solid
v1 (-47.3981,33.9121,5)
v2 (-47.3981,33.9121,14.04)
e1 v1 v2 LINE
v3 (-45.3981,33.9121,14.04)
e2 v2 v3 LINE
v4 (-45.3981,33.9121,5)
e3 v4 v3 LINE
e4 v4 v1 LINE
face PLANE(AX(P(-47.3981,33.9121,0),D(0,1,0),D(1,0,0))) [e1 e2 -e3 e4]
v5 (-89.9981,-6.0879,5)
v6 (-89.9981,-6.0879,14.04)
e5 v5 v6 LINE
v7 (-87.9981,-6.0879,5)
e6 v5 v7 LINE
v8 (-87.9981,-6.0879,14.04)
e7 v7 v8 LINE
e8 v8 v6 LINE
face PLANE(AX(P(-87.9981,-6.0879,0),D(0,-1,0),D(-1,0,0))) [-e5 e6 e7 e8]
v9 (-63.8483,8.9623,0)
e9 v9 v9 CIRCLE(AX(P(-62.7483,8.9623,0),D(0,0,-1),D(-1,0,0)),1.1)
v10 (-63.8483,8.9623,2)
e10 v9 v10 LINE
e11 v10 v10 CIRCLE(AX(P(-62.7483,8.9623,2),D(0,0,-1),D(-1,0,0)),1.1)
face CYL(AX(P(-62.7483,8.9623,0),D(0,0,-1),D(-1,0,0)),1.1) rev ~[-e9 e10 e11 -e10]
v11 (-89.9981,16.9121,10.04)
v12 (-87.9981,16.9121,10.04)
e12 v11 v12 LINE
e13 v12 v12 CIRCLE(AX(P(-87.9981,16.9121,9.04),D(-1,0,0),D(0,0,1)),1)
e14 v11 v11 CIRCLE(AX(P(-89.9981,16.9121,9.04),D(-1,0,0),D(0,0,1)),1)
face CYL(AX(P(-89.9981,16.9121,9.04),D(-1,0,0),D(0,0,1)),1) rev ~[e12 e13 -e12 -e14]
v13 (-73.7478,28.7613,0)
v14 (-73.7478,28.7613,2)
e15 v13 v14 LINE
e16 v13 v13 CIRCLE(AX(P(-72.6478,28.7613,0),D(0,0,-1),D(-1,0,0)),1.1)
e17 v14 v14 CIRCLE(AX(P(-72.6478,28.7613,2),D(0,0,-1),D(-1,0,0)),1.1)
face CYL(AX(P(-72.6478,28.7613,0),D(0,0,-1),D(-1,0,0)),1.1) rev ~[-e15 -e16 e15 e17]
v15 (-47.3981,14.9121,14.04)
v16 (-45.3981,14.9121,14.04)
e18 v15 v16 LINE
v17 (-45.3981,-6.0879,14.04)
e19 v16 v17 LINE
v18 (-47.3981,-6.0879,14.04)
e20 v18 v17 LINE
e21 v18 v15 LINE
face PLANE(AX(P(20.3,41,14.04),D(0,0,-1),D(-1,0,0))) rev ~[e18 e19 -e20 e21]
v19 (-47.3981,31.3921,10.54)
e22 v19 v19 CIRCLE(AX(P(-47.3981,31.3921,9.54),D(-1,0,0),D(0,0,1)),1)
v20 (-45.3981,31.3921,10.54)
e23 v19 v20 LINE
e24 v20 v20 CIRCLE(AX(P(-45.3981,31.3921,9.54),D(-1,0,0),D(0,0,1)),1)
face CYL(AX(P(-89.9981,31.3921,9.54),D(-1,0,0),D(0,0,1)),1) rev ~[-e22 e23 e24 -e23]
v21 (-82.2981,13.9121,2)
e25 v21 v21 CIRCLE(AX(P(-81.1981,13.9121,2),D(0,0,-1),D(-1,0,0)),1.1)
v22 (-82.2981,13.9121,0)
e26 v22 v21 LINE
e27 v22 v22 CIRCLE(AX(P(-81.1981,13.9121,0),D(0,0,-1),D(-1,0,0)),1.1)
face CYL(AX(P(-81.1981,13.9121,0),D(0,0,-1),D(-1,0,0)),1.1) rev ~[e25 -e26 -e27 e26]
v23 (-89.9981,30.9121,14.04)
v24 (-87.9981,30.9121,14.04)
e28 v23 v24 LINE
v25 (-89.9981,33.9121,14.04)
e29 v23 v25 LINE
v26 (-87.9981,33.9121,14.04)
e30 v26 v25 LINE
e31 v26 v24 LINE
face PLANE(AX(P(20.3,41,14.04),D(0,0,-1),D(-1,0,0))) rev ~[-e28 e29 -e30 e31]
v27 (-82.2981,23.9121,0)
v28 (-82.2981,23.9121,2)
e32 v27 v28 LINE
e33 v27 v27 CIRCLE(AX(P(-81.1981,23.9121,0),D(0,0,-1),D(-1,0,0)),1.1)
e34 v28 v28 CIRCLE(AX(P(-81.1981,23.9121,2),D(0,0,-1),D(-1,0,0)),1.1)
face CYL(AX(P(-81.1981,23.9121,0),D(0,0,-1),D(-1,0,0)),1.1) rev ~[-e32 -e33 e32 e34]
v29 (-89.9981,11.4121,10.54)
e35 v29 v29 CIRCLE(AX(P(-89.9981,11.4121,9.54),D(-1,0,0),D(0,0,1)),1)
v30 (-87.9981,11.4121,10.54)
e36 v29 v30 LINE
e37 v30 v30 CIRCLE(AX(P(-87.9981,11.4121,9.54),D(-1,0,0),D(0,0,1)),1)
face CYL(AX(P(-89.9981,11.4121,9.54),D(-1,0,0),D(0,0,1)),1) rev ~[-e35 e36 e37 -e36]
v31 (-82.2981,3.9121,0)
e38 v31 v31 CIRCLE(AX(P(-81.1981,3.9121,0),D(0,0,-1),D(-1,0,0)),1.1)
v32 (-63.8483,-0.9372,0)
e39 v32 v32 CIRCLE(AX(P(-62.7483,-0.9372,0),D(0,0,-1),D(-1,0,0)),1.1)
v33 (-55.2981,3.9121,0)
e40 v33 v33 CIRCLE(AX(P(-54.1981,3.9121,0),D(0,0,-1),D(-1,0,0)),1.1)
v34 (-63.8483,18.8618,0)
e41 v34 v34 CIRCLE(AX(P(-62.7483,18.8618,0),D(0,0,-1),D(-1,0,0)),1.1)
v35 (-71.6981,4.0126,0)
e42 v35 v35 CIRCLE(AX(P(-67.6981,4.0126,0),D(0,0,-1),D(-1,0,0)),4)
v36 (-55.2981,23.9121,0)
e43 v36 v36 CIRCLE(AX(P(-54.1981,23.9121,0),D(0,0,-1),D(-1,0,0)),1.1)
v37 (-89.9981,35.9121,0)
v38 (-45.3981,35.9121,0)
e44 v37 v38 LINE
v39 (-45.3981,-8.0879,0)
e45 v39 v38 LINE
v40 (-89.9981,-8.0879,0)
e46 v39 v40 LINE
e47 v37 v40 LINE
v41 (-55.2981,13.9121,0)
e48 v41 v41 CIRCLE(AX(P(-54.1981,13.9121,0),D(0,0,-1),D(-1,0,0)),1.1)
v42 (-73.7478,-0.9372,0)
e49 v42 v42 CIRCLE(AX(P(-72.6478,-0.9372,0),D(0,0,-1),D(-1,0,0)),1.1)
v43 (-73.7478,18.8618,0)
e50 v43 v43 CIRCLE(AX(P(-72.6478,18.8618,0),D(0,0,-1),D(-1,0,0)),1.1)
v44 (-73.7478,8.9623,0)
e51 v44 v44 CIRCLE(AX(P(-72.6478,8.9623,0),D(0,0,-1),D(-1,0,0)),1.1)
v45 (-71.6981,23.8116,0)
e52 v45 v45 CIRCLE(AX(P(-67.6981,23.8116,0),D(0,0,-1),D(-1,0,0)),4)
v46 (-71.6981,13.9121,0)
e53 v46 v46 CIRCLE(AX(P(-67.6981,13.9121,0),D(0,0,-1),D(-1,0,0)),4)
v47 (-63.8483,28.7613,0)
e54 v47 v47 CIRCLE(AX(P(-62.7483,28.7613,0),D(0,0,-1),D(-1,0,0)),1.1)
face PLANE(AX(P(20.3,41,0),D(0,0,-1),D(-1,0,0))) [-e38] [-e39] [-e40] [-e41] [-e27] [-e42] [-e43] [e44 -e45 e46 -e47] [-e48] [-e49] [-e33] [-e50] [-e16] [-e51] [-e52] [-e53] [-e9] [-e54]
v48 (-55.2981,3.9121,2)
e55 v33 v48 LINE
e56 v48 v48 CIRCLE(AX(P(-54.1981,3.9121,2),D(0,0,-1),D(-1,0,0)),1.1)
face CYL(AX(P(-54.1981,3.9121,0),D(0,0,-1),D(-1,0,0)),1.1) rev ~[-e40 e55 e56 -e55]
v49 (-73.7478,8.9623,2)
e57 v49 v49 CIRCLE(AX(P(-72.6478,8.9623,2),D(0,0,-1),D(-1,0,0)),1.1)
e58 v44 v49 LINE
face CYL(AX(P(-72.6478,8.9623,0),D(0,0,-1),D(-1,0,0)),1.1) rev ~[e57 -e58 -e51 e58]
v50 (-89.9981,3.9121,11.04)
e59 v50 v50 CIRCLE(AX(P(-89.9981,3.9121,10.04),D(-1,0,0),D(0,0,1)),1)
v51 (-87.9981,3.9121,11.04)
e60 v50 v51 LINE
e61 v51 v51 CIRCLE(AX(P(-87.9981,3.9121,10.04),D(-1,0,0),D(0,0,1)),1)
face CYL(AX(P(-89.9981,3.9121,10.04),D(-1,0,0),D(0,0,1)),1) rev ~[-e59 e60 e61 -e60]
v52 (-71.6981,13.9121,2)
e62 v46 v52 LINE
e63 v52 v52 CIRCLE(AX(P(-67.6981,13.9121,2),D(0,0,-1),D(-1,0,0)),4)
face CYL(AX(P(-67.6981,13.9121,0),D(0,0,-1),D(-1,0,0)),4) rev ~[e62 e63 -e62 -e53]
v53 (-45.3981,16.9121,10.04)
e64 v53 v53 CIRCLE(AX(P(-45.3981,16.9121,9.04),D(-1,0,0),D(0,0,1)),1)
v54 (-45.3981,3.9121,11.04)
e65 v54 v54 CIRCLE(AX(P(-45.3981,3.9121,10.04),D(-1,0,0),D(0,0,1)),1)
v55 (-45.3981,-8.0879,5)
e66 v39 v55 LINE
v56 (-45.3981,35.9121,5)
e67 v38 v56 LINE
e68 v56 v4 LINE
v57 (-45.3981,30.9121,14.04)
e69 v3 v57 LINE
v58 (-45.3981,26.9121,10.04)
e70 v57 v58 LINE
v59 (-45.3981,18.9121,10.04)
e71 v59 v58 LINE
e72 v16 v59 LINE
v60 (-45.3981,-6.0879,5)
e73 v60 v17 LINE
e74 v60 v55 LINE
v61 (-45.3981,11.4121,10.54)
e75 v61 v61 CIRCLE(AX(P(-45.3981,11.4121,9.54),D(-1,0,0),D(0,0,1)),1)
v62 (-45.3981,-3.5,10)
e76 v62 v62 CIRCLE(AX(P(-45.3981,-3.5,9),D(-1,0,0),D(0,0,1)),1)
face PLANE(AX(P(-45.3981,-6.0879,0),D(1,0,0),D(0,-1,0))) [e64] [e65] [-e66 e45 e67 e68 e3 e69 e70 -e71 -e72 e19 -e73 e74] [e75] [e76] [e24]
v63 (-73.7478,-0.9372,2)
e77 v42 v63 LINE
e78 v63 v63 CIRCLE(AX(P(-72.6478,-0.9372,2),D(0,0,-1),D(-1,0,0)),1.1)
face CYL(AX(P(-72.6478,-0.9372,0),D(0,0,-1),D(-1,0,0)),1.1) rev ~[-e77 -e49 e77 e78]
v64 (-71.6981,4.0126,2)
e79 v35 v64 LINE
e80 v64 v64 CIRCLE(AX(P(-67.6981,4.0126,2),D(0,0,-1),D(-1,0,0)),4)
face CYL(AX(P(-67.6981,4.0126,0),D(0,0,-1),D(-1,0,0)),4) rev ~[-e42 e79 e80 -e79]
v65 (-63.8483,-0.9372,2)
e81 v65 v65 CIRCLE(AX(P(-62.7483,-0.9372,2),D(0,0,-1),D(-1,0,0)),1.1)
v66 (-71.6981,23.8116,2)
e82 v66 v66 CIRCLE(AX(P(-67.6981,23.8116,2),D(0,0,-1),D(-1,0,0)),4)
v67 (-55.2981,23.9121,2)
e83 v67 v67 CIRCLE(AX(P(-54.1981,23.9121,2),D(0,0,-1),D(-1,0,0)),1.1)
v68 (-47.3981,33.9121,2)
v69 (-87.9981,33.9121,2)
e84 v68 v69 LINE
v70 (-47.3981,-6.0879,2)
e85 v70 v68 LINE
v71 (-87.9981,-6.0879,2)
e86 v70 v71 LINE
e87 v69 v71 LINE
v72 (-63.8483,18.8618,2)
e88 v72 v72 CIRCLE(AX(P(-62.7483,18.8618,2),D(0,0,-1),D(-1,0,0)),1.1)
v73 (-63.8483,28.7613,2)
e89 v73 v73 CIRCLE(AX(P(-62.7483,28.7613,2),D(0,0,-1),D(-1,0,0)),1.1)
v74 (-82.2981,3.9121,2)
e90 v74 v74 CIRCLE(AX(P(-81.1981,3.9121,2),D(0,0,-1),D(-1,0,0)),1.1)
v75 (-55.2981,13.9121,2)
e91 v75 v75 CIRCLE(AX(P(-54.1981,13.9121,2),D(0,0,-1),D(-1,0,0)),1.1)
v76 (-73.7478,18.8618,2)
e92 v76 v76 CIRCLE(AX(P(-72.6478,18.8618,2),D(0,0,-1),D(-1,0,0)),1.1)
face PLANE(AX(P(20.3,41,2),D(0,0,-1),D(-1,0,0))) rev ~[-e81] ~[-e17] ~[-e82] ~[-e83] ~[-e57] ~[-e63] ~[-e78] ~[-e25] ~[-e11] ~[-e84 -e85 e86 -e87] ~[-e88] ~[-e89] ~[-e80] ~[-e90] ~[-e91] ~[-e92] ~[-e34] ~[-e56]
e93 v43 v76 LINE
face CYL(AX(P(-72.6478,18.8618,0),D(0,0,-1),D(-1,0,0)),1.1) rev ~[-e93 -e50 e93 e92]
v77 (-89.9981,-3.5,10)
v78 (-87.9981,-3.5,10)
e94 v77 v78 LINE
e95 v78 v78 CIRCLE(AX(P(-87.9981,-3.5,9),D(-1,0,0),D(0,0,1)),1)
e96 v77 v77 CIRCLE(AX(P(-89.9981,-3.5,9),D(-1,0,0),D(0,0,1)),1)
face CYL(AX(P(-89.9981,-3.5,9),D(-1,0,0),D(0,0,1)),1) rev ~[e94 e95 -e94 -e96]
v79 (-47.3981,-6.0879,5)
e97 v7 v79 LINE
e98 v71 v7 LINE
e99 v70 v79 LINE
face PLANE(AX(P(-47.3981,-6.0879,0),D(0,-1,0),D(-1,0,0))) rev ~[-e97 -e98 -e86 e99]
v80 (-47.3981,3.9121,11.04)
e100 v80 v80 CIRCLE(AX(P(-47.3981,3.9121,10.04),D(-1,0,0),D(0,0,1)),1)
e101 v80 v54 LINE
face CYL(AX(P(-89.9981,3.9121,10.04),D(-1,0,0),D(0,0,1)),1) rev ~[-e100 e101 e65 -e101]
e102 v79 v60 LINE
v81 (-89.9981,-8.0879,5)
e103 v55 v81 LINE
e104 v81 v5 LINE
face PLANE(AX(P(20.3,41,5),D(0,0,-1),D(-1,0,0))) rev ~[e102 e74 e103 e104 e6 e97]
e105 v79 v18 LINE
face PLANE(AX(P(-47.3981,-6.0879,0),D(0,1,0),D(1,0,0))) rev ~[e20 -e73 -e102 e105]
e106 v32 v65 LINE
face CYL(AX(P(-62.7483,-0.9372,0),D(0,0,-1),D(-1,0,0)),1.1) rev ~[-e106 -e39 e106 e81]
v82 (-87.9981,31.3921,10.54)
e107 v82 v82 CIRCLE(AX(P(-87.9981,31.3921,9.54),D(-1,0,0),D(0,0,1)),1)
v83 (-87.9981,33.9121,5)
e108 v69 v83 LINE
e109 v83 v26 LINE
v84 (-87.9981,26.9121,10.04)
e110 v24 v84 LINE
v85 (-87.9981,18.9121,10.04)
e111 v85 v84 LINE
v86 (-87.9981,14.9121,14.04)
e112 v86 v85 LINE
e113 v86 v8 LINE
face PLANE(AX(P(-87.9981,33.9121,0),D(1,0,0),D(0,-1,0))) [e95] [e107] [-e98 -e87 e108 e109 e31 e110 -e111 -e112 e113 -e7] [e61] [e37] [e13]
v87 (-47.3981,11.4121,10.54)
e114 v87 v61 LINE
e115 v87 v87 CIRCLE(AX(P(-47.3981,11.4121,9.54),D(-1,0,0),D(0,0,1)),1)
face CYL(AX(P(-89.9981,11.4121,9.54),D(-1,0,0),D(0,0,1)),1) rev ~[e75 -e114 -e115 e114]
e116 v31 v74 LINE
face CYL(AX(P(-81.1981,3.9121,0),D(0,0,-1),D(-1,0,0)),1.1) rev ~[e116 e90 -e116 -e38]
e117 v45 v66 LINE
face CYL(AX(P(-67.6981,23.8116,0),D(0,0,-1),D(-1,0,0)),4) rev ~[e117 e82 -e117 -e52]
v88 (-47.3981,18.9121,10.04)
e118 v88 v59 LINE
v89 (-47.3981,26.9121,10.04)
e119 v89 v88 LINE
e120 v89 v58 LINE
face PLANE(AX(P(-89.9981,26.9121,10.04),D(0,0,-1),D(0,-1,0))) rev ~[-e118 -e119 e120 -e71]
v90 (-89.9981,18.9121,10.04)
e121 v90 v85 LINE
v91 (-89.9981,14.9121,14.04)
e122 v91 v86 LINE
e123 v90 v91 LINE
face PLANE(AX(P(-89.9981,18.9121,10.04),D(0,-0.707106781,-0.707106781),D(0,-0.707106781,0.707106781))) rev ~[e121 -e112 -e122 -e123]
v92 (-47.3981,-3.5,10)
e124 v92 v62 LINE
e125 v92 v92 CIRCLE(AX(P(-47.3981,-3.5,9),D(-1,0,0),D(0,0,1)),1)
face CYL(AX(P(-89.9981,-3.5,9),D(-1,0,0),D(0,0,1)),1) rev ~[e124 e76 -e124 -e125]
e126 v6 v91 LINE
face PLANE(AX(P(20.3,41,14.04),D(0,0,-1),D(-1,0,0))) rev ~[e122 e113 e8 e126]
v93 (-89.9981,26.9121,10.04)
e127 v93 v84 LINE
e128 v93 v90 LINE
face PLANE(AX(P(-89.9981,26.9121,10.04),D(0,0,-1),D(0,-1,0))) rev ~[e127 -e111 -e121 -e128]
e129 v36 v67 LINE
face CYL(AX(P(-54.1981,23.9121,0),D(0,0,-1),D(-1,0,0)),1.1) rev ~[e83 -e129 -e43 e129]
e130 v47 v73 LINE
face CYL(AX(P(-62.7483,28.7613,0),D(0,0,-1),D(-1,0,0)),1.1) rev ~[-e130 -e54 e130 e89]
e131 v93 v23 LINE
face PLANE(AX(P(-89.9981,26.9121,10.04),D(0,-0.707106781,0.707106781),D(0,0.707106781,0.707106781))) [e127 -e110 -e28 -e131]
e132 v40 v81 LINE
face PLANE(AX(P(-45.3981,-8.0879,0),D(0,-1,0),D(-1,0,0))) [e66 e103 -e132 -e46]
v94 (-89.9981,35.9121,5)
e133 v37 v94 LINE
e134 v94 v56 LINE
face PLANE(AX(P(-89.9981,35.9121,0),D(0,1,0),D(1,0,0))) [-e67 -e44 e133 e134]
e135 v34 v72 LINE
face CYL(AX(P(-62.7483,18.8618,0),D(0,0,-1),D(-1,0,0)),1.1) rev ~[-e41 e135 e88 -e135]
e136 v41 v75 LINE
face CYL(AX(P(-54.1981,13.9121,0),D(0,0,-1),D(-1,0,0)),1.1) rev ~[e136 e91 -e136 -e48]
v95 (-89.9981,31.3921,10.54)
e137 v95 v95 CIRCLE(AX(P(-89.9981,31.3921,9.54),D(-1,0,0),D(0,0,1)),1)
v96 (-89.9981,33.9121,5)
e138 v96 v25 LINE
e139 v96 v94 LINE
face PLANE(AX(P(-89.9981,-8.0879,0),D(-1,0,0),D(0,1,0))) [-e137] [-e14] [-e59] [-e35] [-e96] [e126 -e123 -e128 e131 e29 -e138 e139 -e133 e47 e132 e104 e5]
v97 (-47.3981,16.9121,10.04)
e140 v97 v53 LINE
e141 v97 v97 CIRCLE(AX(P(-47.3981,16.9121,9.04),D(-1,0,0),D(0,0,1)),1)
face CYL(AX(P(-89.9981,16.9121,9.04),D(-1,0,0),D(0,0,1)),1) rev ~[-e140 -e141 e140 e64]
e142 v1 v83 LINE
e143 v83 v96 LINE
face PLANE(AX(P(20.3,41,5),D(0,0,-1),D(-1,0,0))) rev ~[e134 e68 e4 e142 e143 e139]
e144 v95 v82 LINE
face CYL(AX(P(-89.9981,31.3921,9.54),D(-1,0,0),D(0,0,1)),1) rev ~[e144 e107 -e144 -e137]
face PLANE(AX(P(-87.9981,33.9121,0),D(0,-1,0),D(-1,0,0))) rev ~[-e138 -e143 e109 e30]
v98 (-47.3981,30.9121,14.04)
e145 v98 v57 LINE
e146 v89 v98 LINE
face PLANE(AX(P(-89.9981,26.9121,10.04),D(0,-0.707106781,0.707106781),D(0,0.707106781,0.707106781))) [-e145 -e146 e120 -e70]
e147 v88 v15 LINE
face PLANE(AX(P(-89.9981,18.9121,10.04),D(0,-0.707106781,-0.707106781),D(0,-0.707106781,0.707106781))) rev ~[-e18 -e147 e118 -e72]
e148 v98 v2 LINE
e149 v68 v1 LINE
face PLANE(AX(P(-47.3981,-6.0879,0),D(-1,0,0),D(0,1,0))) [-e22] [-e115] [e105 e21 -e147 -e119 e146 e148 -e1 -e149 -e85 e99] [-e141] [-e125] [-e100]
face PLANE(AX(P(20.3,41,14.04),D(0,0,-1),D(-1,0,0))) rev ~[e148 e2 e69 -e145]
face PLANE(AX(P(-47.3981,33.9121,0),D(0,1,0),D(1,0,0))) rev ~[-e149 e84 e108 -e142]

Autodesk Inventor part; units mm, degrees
ref_plane "YZ Plane" through (0, 0, 0) normal (1, 0, 0) x (0, 1, 0)
ref_plane "Plano de trabalho1" through (20.3, 41, 0) normal (0, 0, -1) x (-1, 0, 0)
sketch "Esboço2" plane through (20.3, 41, 0) normal (0, 0, -1) x (-1, 0, 0)
  line L0 (-1, 1) -> (0, 0) projected
  line L1 (0, -40) -> (40.6, -40) projected
  line L2 (0, 0) -> (40.6, 0)
  line L3 (40.6, 0) -> (40.6, -40)
  line L4 (40.6, -40) -> (0, -40)
  line L5 (0, -40) -> (0, 0)
  circle A0 centre (20.3, -20) radius 4 projected
  circle A1 centre (20.3, -20) radius 4
  circle A2 centre (20.3, -10.1005) radius 4 projected
  circle A3 centre (20.3, -10.1005) radius 4
  circle A4 centre (20.3, -29.8995) radius 4 projected
  circle A5 centre (20.3, -29.8995) radius 4
  circle A6 centre (25.2497, -5.1508) radius 1.1 projected
  circle A7 centre (25.2497, -5.1508) radius 1.1
  circle A8 centre (25.2497, -15.0503) radius 1.1 projected
  circle A9 centre (25.2497, -15.0503) radius 1.1
  circle A10 centre (25.2497, -24.9497) radius 1.1 projected
  circle A11 centre (25.2497, -24.9497) radius 1.1
  circle A12 centre (25.2497, -34.8492) radius 1.1 projected
  circle A13 centre (25.2497, -34.8492) radius 1.1
  circle A14 centre (33.8, -10) radius 1.1 projected
  circle A15 centre (33.8, -10) radius 1.1
  circle A16 centre (33.8, -30) radius 1.1 projected
  circle A17 centre (33.8, -30) radius 1.1
  circle A18 centre (33.8, -20) radius 1.1 projected
  circle A19 centre (33.8, -20) radius 1.1
  circle A20 centre (15.3503, -5.1508) radius 1.1 projected
  circle A21 centre (15.3503, -5.1508) radius 1.1
  circle A22 centre (15.3503, -15.0503) radius 1.1 projected
  circle A23 centre (15.3503, -15.0503) radius 1.1
  circle A24 centre (15.3503, -24.9497) radius 1.1 projected
  circle A25 centre (15.3503, -24.9497) radius 1.1
  circle A26 centre (15.3503, -34.8492) radius 1.1 projected
  circle A27 centre (15.3503, -34.8492) radius 1.1
  circle A28 centre (6.8, -10) radius 1.1 projected
  circle A29 centre (6.8, -10) radius 1.1
  circle A30 centre (6.8, -20) radius 1.1 projected
  circle A31 centre (6.8, -20) radius 1.1
  circle A32 centre (6.8, -30) radius 1.1 projected
  circle A33 centre (6.8, -30) radius 1.1
  line L6 (-1, 1) -> (41.6, 1)
  line L7 (41.6, 1) -> (41.6, -41)
  line L8 (41.6, -41) -> (-1, -41)
  line L9 (-1, -41) -> (-1, 1)
  line L10 (-1, 1) -> (41.6, -41) construction
  line L11 (41.6, 1) -> (-1, -41) construction
  line L12 (66.6981, -6.0879) -> (67.6981, -7.0879)
  line L13 (67.6981, -47.0879) -> (108.2981, -47.0879)
  line L14 (67.6981, -7.0879) -> (108.2981, -7.0879)
  line L15 (108.2981, -7.0879) -> (108.2981, -47.0879)
  line L16 (108.2981, -47.0879) -> (67.6981, -47.0879)
  line L17 (67.6981, -47.0879) -> (67.6981, -7.0879)
  circle A34 centre (87.9981, -27.0879) radius 4
  circle A35 centre (87.9981, -27.0879) radius 4
  circle A36 centre (87.9981, -17.1884) radius 4
  circle A37 centre (87.9981, -17.1884) radius 4
  circle A38 centre (87.9981, -36.9874) radius 4
  circle A39 centre (87.9981, -36.9874) radius 4
  circle A40 centre (92.9478, -12.2387) radius 1.1
  circle A41 centre (92.9478, -12.2387) radius 1.1
  circle A42 centre (92.9478, -22.1382) radius 1.1
  circle A43 centre (92.9478, -22.1382) radius 1.1
  circle A44 centre (92.9478, -32.0377) radius 1.1
  circle A45 centre (92.9478, -32.0377) radius 1.1
  circle A46 centre (92.9478, -41.9372) radius 1.1
  circle A47 centre (92.9478, -41.9372) radius 1.1
  circle A48 centre (101.4981, -17.0879) radius 1.1
  circle A49 centre (101.4981, -17.0879) radius 1.1
  circle A50 centre (101.4981, -37.0879) radius 1.1
  circle A51 centre (101.4981, -37.0879) radius 1.1
  circle A52 centre (101.4981, -27.0879) radius 1.1
  circle A53 centre (101.4981, -27.0879) radius 1.1
  circle A54 centre (83.0483, -12.2387) radius 1.1
  circle A55 centre (83.0483, -12.2387) radius 1.1
  circle A56 centre (83.0483, -22.1382) radius 1.1
  circle A57 centre (83.0483, -22.1382) radius 1.1
  circle A58 centre (83.0483, -32.0377) radius 1.1
  circle A59 centre (83.0483, -32.0377) radius 1.1
  circle A60 centre (83.0483, -41.9372) radius 1.1
  circle A61 centre (83.0483, -41.9372) radius 1.1
  circle A62 centre (74.4981, -17.0879) radius 1.1
  circle A63 centre (74.4981, -17.0879) radius 1.1
  circle A64 centre (74.4981, -27.0879) radius 1.1
  circle A65 centre (74.4981, -27.0879) radius 1.1
  circle A66 centre (74.4981, -37.0879) radius 1.1
  circle A67 centre (74.4981, -37.0879) radius 1.1
  line L18 (66.6981, -6.0879) -> (109.2981, -48.0879) construction
  line L19 (109.2981, -6.0879) -> (66.6981, -48.0879) construction
  line L20 (67.6981, -7.0879) -> (65.6981, -7.0879)
  line L21 (108.2981, -7.0879) -> (110.2981, -7.0879)
  line L22 (108.2981, -47.0879) -> (110.2981, -47.0879)
  line L23 (67.6981, -47.0879) -> (65.6981, -47.0879)
  line L24 (65.6981, -49.0879) -> (110.2981, -49.0879)
  line L25 (110.2981, -49.0879) -> (110.2981, -5.0879)
  line L26 (110.2981, -5.0879) -> (65.6981, -5.0879)
  line L27 (65.6981, -5.0879) -> (65.6981, -49.0879)
  line L28 (65.6981, -49.0879) -> (110.2981, -5.0879) construction
  line L29 (110.2981, -49.0879) -> (65.6981, -5.0879) construction
  point P0 (20.3, -41)
  point P1 (87.9981, -48.0879)
  dimension "d2" = 44.6
  dimension "d3" = 44
extrude "Extrusão1" add sketch "Esboço2" against normal blind 2 contours L17 L14 L15 L13
extrude "Extrusão2" add sketch "Esboço2" against normal blind 5 contours L13 L22 L25 L24 L27 L23 | L20 L27 L26 L25 L21 L14
extrude "Extrusão3" add sketch "Esboço2" against normal blind 14.04 contours L23 L27 L20 L17 | L15 L21 L25 L22
ref_plane "Plano de trabalho4" through (-89.9981, -8.0879, 0) normal (-1, 0, 0) x (0, 0, 1)
sketch "Esboço6" plane through (-89.9981, -8.0879, 0) normal (-1, 0, 0) x (0, 0, 1)
  circle A0 centre (9.54, 39.48) radius 1
  circle A1 centre (9.04, 25) radius 1
  circle A2 centre (9.54, 19.5) radius 1
  circle A3 centre (9, 4.5879) radius 1
  circle A4 centre (10.04, 12) radius 1
  line L0 (14.04, 35) -> (14.04, 42)
  line L1 (10.04, 35) -> (10.04, 27)
  line L2 (10.04, 35) -> (14.04, 39)
  line L3 (10.04, 27) -> (14.04, 23)
  line L4 (14.04, 39) -> (14.04, 23)
  line L5 (14.04, 42) -> (14.04, 2) projected
  point P0 (0, 8.0879)
  dimension "d12" = 2
  dimension "d14" = 2
  dimension "d17" = 2
  dimension "d19" = 2
  dimension "d21" = 2
  dimension "d24" = 4
  dimension "d26" = 8
extrude "Extrusão4" cut sketch "Esboço6" against normal blind 50 contours A0 | A1 | A2 | A3 | A4
extrude "Extrusão5" cut sketch "Esboço6" against normal blind 50 contours L4 L3 L1 L2 L0
properties part number "3 Cilindros"
